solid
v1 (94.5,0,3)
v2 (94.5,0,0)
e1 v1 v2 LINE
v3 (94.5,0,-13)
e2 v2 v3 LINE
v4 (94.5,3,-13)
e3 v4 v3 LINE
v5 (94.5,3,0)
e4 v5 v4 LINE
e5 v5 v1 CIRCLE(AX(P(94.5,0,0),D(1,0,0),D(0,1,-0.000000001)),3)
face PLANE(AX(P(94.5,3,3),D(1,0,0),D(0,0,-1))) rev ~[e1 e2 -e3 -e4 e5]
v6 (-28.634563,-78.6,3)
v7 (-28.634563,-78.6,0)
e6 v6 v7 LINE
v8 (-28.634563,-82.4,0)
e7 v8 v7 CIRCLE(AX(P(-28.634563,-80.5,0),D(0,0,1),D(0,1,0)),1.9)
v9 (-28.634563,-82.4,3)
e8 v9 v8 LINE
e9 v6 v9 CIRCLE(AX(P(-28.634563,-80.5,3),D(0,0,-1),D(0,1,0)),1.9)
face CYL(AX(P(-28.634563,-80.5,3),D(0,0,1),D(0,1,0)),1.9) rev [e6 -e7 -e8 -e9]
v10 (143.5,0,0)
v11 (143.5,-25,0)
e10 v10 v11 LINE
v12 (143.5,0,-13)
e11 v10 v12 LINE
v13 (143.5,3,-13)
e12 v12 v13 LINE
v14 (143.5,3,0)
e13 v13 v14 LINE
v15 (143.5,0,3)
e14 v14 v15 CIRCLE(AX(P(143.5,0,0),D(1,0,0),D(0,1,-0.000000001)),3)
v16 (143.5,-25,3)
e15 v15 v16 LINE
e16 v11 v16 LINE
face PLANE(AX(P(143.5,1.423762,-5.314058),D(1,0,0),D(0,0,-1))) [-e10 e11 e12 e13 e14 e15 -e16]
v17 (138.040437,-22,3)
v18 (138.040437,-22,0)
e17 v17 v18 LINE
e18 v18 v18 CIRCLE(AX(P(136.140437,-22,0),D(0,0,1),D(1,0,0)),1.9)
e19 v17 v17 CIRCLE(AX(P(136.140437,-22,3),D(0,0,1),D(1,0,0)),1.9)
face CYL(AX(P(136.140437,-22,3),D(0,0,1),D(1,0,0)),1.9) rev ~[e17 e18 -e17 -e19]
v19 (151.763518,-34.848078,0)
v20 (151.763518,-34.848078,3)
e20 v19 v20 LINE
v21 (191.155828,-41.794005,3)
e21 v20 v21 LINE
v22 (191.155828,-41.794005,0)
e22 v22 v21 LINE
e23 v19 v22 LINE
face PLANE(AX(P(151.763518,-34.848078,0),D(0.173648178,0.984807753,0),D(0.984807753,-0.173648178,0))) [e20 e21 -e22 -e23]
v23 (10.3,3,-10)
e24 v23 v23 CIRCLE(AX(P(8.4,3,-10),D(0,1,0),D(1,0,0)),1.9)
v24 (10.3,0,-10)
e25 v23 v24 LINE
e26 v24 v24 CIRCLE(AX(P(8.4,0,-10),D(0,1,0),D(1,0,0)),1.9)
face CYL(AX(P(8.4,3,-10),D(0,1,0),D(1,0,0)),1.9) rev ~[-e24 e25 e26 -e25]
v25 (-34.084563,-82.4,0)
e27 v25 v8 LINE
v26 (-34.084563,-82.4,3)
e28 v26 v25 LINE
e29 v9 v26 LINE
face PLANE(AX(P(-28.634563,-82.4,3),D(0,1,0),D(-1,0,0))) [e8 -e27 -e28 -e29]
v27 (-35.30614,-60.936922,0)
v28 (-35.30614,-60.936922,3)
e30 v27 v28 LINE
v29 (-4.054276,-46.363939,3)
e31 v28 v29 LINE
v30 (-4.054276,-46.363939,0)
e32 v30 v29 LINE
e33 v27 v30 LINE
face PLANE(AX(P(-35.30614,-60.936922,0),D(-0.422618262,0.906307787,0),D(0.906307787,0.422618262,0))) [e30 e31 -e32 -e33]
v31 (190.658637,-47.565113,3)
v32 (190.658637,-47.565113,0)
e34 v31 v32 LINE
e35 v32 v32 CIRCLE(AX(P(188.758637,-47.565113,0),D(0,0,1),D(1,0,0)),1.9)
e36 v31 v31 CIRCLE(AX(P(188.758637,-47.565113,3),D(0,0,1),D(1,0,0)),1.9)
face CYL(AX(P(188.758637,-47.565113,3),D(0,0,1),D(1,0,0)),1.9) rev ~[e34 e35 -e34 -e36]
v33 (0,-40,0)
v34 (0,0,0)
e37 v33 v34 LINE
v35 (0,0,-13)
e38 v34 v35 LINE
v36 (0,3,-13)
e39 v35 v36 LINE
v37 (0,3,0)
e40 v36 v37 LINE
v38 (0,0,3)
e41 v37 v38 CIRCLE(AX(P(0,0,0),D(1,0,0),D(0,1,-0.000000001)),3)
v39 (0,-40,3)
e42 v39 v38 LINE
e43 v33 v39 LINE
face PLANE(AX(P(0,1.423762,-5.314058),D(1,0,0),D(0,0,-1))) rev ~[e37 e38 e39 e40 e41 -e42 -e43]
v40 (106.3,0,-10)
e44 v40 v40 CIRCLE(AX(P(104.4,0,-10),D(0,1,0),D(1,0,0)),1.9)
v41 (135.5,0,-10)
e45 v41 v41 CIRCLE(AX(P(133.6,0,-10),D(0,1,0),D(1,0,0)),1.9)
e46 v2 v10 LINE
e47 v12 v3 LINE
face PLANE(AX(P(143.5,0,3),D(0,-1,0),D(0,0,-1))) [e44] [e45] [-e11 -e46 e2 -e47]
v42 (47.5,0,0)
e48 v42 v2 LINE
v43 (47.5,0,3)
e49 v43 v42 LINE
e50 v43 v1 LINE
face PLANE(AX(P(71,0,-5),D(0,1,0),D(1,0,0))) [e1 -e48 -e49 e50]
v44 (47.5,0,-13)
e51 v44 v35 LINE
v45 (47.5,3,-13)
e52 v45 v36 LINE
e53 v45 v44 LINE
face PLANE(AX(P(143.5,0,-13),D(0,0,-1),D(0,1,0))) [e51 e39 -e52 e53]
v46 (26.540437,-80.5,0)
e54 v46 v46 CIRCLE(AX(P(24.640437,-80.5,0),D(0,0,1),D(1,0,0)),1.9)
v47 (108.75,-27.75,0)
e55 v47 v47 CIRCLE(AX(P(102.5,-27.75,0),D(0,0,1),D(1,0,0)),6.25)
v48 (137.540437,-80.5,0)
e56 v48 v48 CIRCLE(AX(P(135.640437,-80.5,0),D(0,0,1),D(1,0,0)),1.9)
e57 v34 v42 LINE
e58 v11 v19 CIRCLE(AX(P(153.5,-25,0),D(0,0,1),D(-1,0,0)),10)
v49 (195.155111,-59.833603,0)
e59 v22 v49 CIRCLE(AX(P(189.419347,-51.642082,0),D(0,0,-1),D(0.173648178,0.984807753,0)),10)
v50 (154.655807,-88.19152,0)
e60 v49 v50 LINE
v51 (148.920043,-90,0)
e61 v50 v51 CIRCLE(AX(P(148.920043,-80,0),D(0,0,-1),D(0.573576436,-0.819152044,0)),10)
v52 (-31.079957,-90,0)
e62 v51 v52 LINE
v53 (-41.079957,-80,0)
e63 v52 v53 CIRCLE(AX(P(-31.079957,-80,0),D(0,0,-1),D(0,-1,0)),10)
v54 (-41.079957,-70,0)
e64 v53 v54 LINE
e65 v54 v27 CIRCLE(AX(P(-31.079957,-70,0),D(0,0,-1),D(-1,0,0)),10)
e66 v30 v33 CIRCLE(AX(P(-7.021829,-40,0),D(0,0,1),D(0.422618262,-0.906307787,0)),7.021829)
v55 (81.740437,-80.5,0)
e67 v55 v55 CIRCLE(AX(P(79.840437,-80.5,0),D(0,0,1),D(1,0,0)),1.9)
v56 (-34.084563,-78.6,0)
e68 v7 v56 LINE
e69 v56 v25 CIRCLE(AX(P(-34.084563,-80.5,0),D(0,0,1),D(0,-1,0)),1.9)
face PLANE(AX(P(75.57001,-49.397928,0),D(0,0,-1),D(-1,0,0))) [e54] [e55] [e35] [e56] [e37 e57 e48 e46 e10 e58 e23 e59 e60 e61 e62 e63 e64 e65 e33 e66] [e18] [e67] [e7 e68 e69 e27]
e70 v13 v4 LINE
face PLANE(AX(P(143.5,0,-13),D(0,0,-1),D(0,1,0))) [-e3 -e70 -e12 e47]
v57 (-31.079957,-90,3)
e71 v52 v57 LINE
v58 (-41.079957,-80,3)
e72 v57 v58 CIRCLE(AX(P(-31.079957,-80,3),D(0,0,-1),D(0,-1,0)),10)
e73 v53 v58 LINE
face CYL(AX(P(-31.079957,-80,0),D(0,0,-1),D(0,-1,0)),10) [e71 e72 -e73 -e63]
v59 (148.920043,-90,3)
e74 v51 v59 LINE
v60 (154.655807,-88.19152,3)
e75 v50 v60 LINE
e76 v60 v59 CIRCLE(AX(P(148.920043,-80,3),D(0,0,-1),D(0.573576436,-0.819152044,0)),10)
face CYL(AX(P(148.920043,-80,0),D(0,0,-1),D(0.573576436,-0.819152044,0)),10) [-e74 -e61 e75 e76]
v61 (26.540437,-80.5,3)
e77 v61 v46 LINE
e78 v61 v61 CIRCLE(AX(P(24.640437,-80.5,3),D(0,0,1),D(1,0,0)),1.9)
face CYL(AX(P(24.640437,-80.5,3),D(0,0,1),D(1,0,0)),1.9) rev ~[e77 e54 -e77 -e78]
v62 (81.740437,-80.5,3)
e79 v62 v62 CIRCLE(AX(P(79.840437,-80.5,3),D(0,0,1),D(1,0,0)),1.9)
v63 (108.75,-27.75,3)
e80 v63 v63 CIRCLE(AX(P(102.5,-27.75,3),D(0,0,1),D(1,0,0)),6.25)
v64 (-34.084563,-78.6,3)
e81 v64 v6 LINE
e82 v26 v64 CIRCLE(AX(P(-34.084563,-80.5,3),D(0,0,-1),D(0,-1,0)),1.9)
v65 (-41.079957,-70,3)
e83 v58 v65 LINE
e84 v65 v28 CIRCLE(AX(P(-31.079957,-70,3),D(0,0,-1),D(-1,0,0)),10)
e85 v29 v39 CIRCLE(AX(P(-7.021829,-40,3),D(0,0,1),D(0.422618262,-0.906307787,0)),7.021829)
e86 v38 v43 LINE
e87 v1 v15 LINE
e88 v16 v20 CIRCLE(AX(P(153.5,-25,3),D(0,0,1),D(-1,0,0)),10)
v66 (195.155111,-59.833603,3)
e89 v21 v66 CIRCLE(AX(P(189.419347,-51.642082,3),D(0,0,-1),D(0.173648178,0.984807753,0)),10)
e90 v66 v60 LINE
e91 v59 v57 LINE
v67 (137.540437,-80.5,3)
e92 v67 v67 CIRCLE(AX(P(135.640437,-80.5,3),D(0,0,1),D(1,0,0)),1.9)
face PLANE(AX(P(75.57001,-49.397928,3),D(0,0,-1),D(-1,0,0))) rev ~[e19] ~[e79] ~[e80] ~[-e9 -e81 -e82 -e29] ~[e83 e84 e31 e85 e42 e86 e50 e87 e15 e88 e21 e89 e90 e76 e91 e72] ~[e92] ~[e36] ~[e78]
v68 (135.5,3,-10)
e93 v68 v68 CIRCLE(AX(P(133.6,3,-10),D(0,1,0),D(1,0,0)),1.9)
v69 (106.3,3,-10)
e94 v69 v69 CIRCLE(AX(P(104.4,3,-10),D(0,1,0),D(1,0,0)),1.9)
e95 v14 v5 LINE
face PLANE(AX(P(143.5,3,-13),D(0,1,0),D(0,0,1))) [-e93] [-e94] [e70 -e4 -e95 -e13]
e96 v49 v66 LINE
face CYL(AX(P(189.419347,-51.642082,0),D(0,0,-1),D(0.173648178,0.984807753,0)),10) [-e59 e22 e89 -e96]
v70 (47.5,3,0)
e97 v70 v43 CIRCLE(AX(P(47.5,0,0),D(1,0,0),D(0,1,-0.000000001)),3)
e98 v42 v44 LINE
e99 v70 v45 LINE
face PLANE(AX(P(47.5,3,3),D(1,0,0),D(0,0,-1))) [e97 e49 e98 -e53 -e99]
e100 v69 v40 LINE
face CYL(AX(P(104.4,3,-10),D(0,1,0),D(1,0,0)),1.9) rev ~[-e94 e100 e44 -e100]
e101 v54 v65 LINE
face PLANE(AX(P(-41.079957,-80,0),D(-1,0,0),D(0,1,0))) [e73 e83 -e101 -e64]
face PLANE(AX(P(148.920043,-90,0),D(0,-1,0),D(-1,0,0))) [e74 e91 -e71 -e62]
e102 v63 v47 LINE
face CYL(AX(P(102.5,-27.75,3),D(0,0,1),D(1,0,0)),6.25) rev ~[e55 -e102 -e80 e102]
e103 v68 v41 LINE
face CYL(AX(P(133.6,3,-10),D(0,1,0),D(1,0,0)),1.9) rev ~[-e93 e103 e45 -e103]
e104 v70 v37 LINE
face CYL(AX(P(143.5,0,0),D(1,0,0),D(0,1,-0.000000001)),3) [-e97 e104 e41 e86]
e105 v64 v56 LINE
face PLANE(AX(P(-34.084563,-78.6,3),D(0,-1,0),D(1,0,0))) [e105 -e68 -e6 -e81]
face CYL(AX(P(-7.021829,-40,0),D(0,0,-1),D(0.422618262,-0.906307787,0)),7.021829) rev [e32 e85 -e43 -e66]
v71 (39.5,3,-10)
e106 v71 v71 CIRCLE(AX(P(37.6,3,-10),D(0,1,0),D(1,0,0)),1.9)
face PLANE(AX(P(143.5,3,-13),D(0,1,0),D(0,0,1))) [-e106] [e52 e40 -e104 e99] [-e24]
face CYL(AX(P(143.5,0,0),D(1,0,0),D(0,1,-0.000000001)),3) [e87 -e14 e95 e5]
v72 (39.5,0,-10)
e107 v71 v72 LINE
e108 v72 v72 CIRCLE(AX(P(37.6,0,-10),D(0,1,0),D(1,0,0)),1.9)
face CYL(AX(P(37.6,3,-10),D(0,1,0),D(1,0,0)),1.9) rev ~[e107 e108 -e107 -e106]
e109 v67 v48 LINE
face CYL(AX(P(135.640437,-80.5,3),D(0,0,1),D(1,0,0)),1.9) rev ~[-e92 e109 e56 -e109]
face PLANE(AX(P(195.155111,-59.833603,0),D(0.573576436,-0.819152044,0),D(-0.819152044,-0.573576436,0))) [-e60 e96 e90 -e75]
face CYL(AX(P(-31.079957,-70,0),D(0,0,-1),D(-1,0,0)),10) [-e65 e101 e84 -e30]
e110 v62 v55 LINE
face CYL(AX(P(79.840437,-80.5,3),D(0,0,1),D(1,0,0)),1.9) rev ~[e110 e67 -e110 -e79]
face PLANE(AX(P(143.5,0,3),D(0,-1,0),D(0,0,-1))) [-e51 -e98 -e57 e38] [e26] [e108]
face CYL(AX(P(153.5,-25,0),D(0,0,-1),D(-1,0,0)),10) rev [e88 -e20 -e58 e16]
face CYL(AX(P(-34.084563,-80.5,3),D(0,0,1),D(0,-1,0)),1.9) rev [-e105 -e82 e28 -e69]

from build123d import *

# Parameters (mm, degrees)
BOSS_EXTRUDE1_DEPTH = 3
SKETCH2_R           = 1.9
SKETCH2_R_2         = 6.25
CUT_EXTRUDE1_DEPTH  = 4
BOSS_EXTRUDE2_DEPTH = 143.5
SKETCH4_W           = 47
SKETCH4_H           = 16
CUT_EXTRUDE2_DEPTH  = 3
SKETCH5_R           = 1.9
CUT_EXTRUDE3_DEPTH  = 94


with BuildPart() as part:
    # Sketch1 → Boss-Extrude1 (new body)
    with BuildSketch(Plane.XY):
        with BuildLine():
            Line((0, 0), (143.5, 0))
            Line((143.5, 0), (143.5, -25))
            ThreePointArc((143.5, -25), (145.839555569, -31.427876097), (151.763518223, -34.84807753))
            Line((151.763518223, -34.84807753), (191.155828344, -41.794004637))
            ThreePointArc((191.155828344, -41.794004637), (199.182306638, -49.477686028), (195.155110931, -59.83360261))
            Line((195.155110931, -59.83360261), (154.655807102, -88.191520443))
            ThreePointArc((154.655807102, -88.191520443), (151.927100734, -89.537169507), (148.920042738, -90))
            Line((148.920042738, -90), (-31.079957262, -90))
            ThreePointArc((-31.079957262, -90), (-38.151025073, -87.071067812), (-41.079957262, -80))
            Line((-41.079957262, -80), (-41.079957262, -70))
            ThreePointArc((-41.079957262, -70), (-39.51387172, -64.627003917), (-35.306139879, -60.93692213))
            Line((-35.306139879, -60.93692213), (-4.054276098, -46.363938717))
            ThreePointArc((-4.054276098, -46.363938717), (-1.099678559, -43.772826218), (0, -40))
            Line((0, -40), (0, 0))
        make_face()
    extrude(amount=BOSS_EXTRUDE1_DEPTH)

    # Sketch2 → Cut-Extrude1 (cut, through all)
    with BuildSketch(Plane.XY.offset(3)):
        with Locations((188.758637025, -47.565112823)):
            Circle(SKETCH2_R)
        with Locations((135.640436691, -80.5)):
            Circle(SKETCH2_R)
        with Locations((79.840436691, -80.5)):
            Circle(SKETCH2_R)
        with Locations((24.640436691, -80.5)):
            Circle(SKETCH2_R)
        with Locations((102.5, -27.75)):
            Circle(SKETCH2_R_2)
        with Locations((136.140436691, -22)):
            Circle(SKETCH2_R)
        with BuildLine():
            Line((-28.634563309, -82.4), (-34.084563309, -82.4))
            ThreePointArc((-34.084563309, -82.4), (-35.984563309, -80.5), (-34.084563309, -78.6))
            Line((-34.084563309, -78.6), (-28.634563309, -78.6))
            ThreePointArc((-28.634563309, -78.6), (-26.734563309, -80.5), (-28.634563309, -82.4))
        make_face()
    extrude(amount=-CUT_EXTRUDE1_DEPTH, mode=Mode.SUBTRACT)

    # Sketch3 → Boss-Extrude2 (add)
    with BuildSketch(Plane(origin=(143.5, 0, 0), x_dir=(0, 0, -1), z_dir=(1, 0, 0))):
        with BuildLine():
            Line((0, 0), (13, 0))
            Line((13, 0), (13, 3))
            Line((13, 3), (0, 3))
            ThreePointArc((0, 3), (-2.121320344, 2.121320344), (-3, 0))
            Line((-3, 0), (0, 0))
        make_face()
    extrude(amount=-BOSS_EXTRUDE2_DEPTH)

    # Sketch4 → Cut-Extrude2 (cut)
    with BuildSketch(Plane(origin=(0, 3, 0), x_dir=(1, 0, 0), z_dir=(0, 1, 0))):
        with Locations((71, 5)):
            Rectangle(SKETCH4_W, SKETCH4_H)
    extrude(amount=-CUT_EXTRUDE2_DEPTH, mode=Mode.SUBTRACT)

    # Sketch5 → Cut-Extrude3 (cut, through all)
    with BuildSketch(Plane(origin=(0, 3, 0), x_dir=(1, 0, 0), z_dir=(0, 1, 0))):
        with Locations((8.4, 10)):
            Circle(SKETCH5_R)
        with Locations((37.6, 10)):
            Circle(SKETCH5_R)
        with Locations((104.4, 10)):
            Circle(SKETCH5_R)
        with Locations((133.6, 10)):
            Circle(SKETCH5_R)
    extrude(amount=-CUT_EXTRUDE3_DEPTH, mode=Mode.SUBTRACT)


solid = part.part
